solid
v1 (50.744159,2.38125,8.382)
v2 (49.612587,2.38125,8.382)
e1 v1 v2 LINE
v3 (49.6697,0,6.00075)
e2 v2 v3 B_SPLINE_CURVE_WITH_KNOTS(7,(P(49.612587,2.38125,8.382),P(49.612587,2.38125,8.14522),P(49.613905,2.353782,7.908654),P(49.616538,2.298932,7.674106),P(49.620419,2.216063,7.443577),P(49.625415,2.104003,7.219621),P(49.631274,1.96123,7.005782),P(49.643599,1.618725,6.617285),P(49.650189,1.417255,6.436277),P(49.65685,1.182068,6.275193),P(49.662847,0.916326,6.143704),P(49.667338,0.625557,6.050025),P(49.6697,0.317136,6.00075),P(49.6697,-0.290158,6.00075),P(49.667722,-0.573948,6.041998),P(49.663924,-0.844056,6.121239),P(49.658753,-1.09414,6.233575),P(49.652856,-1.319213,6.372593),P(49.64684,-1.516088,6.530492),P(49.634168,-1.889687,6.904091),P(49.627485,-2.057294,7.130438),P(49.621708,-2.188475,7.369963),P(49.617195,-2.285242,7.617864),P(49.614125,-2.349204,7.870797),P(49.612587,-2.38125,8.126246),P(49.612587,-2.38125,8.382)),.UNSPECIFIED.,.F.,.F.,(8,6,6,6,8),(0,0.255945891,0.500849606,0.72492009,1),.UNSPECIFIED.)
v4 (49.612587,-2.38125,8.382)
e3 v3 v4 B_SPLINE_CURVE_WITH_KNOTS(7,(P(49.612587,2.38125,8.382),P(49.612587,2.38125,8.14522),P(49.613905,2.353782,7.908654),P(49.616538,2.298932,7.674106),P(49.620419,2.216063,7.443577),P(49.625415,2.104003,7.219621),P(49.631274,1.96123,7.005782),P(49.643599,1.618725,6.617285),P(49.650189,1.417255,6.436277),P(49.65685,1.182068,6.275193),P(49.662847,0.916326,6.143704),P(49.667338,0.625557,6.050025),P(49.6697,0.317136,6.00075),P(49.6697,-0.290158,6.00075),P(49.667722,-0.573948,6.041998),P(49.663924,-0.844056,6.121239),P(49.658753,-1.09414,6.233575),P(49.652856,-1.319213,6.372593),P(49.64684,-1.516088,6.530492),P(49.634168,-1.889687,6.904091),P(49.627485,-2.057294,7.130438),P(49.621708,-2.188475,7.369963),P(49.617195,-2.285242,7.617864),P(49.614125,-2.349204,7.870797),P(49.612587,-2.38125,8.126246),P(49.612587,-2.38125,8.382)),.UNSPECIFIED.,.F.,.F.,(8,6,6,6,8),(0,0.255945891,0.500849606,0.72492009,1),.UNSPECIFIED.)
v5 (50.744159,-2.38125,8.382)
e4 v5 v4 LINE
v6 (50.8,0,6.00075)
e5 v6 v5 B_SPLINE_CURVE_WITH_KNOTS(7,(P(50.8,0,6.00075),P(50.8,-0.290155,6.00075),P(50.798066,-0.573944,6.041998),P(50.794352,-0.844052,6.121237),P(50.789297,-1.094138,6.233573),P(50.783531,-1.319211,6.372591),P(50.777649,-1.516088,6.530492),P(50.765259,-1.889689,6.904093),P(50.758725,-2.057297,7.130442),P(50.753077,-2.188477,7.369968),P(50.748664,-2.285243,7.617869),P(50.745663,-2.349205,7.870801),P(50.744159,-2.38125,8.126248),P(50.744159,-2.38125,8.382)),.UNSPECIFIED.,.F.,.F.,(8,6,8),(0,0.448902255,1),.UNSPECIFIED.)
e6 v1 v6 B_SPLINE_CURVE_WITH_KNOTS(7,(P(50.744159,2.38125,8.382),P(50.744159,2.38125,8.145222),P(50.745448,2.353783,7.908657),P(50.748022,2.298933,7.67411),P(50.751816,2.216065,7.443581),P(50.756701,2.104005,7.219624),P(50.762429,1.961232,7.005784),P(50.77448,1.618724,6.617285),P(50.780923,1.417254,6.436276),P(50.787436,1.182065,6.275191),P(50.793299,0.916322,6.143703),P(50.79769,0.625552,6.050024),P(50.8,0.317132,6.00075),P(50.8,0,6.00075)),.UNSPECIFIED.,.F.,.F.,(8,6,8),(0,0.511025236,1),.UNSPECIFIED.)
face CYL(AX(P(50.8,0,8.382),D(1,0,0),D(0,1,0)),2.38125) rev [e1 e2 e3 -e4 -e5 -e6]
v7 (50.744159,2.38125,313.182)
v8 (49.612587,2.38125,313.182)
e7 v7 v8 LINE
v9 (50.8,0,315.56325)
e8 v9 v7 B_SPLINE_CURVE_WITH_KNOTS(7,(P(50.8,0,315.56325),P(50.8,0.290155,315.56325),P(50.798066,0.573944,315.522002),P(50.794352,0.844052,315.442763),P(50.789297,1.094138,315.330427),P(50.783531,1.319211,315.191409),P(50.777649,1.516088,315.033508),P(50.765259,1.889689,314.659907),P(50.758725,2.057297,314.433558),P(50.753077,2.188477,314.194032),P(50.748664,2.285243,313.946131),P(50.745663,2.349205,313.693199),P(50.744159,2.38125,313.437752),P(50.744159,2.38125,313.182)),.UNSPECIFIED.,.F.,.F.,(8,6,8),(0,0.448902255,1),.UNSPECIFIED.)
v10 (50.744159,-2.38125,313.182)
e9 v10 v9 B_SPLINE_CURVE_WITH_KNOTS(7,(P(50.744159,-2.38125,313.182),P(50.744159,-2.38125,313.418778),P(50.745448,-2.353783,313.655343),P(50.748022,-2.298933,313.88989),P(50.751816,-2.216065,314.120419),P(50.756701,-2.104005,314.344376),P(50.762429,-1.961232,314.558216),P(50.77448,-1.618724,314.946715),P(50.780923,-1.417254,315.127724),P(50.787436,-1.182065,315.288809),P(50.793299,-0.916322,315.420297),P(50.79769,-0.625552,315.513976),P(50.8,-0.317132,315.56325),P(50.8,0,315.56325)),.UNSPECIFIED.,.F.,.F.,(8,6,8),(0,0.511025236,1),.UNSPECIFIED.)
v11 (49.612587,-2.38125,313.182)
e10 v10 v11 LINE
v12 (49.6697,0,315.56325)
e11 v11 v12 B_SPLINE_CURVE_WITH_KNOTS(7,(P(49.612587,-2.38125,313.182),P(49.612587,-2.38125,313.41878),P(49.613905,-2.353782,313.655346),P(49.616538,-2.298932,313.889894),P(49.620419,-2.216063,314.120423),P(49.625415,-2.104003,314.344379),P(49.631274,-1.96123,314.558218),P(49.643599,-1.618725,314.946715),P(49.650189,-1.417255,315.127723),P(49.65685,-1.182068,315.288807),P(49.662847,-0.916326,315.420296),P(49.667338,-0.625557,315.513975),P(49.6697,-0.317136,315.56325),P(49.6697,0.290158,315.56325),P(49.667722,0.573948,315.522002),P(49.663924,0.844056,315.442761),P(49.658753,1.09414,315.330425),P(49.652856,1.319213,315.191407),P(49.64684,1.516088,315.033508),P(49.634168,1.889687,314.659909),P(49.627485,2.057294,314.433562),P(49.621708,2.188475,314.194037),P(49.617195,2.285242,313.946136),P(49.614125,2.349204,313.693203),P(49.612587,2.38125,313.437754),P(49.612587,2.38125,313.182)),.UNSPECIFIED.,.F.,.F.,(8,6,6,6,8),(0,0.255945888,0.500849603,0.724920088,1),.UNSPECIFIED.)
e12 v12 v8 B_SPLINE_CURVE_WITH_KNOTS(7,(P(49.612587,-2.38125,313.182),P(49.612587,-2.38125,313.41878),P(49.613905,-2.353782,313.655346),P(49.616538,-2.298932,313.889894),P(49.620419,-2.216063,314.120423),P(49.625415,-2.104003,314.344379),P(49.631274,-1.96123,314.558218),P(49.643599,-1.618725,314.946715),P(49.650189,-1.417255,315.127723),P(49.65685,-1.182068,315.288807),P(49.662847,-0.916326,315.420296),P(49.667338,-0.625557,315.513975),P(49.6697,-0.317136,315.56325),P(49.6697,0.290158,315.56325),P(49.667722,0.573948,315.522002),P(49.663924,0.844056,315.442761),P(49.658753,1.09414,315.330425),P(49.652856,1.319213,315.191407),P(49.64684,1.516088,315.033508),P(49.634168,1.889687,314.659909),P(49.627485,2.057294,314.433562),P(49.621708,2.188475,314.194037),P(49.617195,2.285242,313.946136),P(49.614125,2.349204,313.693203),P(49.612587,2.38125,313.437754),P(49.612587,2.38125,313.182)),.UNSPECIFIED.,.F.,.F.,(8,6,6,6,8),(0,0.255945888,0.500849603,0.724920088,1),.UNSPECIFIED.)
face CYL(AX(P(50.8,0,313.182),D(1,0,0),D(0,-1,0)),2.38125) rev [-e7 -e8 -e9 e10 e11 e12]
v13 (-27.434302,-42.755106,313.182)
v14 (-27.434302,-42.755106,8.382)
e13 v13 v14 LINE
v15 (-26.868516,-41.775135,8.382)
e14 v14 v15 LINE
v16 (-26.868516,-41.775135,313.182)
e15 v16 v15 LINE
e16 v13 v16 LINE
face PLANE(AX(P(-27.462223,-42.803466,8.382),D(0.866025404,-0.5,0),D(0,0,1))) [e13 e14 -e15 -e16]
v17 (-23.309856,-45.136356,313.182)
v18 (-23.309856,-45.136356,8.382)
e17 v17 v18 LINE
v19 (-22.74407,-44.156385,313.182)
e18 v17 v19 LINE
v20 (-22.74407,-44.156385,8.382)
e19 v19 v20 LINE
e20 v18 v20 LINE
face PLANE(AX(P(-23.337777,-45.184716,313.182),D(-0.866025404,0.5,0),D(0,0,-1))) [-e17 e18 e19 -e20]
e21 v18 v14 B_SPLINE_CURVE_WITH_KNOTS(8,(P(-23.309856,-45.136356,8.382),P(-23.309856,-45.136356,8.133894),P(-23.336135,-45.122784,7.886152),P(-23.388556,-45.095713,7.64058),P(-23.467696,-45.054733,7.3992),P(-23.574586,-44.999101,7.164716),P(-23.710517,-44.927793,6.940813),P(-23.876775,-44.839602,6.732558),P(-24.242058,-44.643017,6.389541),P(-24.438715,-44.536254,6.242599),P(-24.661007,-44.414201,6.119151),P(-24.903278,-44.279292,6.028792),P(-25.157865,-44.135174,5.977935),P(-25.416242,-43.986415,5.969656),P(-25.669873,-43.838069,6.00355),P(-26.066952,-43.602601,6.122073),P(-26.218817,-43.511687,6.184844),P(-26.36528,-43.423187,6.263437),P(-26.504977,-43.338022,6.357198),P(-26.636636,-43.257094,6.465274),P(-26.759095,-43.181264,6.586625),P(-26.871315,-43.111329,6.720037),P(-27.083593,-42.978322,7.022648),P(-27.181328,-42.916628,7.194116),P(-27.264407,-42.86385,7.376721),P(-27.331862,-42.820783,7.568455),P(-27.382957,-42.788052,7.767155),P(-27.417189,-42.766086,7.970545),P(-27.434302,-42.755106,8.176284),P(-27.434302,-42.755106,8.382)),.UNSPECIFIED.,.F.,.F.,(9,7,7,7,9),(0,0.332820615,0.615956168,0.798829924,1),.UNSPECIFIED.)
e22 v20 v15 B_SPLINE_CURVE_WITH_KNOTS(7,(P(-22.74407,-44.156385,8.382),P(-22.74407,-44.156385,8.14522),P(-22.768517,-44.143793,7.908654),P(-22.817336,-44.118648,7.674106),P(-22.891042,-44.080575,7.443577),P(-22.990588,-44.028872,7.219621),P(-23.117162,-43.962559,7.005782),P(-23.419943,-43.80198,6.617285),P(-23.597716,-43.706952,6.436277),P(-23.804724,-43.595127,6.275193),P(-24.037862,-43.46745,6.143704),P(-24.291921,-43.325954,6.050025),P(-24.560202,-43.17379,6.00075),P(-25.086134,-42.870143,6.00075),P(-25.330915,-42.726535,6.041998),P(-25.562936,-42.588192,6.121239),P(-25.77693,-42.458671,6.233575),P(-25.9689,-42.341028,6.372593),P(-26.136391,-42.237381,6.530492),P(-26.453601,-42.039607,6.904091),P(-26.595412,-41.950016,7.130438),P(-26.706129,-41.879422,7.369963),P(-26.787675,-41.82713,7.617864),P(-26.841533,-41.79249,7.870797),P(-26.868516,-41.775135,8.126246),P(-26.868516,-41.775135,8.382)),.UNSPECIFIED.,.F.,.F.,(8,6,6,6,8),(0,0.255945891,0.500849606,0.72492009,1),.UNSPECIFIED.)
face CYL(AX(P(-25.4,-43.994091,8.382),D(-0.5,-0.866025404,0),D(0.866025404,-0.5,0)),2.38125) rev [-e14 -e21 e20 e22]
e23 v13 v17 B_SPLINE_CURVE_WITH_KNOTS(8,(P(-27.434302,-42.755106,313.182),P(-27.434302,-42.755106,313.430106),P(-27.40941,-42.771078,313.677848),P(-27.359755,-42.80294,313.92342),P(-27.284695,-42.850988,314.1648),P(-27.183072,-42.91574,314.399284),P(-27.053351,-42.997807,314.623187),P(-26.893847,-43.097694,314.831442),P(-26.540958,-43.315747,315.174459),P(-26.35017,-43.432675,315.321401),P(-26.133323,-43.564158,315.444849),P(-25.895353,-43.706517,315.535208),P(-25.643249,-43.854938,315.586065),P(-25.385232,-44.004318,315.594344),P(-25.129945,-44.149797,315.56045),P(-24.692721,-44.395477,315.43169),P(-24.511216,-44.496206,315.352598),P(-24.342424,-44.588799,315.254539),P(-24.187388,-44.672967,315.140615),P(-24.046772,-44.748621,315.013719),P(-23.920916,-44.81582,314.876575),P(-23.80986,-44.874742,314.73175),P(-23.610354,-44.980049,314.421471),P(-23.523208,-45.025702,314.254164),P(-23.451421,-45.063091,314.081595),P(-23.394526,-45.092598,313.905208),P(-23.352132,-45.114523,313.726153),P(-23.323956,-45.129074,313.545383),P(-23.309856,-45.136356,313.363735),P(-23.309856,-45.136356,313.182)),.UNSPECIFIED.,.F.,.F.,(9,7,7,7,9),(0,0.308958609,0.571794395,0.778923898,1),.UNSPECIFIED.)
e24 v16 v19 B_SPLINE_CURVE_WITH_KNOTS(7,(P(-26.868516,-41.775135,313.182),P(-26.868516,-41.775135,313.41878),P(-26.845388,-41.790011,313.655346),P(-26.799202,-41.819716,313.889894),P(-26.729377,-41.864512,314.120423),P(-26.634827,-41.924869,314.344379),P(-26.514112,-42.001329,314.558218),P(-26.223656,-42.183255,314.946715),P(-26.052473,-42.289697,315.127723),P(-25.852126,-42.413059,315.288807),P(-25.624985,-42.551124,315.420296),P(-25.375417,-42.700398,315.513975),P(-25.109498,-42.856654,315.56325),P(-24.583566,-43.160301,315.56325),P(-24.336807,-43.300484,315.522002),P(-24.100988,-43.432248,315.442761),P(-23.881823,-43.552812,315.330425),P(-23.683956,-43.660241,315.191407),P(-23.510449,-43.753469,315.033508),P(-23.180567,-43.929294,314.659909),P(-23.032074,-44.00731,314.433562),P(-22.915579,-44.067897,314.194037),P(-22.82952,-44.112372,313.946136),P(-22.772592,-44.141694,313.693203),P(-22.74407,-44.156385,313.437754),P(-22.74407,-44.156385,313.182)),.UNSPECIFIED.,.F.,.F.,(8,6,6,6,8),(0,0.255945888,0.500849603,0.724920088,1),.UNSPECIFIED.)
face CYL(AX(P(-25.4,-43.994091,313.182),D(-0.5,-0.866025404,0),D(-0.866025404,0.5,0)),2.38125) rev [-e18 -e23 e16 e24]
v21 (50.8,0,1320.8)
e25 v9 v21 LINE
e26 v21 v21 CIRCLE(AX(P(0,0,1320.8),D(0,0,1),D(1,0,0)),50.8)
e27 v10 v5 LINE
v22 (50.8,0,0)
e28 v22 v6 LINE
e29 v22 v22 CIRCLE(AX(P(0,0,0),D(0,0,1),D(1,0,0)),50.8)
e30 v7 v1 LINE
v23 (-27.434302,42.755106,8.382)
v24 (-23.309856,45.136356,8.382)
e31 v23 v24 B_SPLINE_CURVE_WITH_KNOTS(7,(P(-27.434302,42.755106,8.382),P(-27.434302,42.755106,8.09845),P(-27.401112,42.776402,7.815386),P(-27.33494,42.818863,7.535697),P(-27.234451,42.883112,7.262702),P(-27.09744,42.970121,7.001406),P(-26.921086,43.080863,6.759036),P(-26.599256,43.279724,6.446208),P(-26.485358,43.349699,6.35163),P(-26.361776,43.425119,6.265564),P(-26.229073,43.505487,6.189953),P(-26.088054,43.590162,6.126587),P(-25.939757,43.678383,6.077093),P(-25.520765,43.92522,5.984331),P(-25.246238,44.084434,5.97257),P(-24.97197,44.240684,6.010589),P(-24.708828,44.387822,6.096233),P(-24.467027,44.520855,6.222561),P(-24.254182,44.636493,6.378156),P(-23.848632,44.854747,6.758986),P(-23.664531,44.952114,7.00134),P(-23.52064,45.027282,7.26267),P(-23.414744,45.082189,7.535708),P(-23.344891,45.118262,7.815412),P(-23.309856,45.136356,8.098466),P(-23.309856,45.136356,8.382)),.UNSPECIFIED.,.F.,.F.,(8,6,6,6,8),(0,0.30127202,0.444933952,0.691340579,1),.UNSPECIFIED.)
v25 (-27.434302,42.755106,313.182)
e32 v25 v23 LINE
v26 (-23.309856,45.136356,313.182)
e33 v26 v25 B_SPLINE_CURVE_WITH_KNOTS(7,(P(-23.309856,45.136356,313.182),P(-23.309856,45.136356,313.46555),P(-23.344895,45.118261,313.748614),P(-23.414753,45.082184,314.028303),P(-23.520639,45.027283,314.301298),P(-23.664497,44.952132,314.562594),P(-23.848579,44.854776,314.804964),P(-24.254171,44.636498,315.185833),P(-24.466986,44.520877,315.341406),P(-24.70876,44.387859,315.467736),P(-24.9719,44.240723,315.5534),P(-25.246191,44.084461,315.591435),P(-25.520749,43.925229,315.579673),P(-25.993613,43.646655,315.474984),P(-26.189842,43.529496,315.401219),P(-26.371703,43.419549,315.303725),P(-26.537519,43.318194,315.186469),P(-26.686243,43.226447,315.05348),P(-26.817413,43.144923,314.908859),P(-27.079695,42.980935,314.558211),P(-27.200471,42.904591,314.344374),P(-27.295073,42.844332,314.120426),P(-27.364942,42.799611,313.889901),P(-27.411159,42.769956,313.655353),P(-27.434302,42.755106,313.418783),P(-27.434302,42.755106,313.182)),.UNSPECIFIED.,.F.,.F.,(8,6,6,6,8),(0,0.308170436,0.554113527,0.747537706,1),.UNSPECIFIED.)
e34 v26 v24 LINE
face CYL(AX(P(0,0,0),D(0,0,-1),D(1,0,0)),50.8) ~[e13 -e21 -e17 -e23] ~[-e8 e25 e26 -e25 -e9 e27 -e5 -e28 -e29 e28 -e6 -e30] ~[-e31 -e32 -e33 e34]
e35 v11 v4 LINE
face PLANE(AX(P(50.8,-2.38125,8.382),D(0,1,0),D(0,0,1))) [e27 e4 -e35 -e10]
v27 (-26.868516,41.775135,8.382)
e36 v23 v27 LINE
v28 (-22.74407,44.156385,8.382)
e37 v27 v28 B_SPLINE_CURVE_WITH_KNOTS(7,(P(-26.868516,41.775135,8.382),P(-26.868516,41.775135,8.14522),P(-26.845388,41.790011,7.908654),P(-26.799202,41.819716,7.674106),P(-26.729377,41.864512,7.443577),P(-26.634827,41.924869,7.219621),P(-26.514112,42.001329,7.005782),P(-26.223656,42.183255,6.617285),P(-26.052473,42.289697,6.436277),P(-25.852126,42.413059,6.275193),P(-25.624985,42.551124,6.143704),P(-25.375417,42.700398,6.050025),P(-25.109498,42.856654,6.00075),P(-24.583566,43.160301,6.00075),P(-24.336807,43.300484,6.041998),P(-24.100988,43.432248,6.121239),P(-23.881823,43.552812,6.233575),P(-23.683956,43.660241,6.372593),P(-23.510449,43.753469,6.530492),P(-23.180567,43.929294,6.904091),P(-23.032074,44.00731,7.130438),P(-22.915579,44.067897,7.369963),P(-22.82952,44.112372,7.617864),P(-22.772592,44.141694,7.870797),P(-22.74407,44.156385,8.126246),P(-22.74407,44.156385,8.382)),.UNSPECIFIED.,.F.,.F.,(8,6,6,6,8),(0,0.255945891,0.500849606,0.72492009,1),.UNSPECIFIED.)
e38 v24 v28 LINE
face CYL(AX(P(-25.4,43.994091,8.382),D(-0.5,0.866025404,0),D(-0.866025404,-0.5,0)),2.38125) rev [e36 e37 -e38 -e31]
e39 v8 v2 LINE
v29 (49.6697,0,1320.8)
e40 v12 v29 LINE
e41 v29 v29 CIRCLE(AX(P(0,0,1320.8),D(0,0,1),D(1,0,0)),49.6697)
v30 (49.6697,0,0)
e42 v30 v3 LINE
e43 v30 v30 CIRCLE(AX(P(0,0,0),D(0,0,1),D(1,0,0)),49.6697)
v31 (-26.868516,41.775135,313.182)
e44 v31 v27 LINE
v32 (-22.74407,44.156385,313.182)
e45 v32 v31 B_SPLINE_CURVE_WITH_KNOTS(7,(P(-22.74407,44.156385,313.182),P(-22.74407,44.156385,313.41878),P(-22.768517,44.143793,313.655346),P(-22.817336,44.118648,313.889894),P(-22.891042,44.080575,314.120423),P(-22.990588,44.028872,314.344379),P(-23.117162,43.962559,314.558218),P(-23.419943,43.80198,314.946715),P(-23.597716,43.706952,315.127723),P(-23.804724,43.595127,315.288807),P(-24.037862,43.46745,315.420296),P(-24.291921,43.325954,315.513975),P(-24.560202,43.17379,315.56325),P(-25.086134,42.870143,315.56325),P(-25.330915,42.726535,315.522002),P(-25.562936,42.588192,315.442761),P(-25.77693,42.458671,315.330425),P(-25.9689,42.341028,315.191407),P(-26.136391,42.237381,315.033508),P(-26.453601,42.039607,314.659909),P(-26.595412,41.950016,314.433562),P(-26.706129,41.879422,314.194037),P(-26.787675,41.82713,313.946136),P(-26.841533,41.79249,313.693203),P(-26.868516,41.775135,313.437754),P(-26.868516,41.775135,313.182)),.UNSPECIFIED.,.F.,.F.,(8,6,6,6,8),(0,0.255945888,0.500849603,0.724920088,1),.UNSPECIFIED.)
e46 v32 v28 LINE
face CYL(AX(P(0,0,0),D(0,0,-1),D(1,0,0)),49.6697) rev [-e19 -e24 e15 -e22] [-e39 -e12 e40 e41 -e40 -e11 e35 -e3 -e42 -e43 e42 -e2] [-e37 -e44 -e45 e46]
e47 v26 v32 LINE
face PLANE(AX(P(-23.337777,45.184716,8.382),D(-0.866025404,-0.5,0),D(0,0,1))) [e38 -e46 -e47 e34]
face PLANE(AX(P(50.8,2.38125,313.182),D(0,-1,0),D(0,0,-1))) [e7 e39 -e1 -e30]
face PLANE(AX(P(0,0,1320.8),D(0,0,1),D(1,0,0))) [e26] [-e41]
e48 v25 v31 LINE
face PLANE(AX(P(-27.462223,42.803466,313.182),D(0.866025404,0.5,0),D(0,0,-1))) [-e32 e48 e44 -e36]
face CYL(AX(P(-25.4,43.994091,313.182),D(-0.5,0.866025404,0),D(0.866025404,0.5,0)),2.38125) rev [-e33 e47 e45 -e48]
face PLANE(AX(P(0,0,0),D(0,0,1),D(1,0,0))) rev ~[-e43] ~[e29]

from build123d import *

# Parameters (mm, degrees)
SKETCH1_R               = 50.8
SKETCH1_R_2             = 49.6697
BOSS_EXTRUDE1_DEPTH     = 1320.8
CUT_EXTRUDE1_REACH      = 1327.676
CUT_EXTRUDE1_END_RADIUS = 49.6697
CIRPATTERN1_COUNT       = 3


with BuildPart() as part:
    # Sketch1 → Boss-Extrude1 (new body)
    with BuildSketch(Plane.XY):
        Circle(SKETCH1_R)
        Circle(SKETCH1_R_2, mode=Mode.SUBTRACT)
    extrude(amount=BOSS_EXTRUDE1_DEPTH)

    # Cut-Extrude1: up to this cylinder (the profile starts outside it)
    cut_extrude1_end = Plane(origin=(0, 0, 160.782), z_dir=(0, 0, -1)) * Cylinder(CUT_EXTRUDE1_END_RADIUS, 2755.6914, mode=Mode.PRIVATE)
    # Sketch2 → Cut-Extrude1 (cut, up to the surface)
    with BuildSketch(Plane(origin=(50.8, 0, 0), x_dir=(0, 0, -1), z_dir=(1, 0, 0)), mode=Mode.PRIVATE) as cut_extrude1_sk1:
        with BuildLine():
            Line((-8.382, -2.38125), (-313.182, -2.38125))
            ThreePointArc((-313.182, -2.38125), (-315.56325, 0), (-313.182, 2.38125))
            Line((-313.182, 2.38125), (-8.382, 2.38125))
            ThreePointArc((-8.382, 2.38125), (-6.00075, 0), (-8.382, -2.38125))
        make_face()
    cut_extrude1_tool1 = extrude(cut_extrude1_sk1.sketch, amount=-CUT_EXTRUDE1_REACH, mode=Mode.PRIVATE) - cut_extrude1_end
    cut_extrude1 = cut_extrude1_tool1.solids().sort_by_distance((50.8, 0, 160.782))[0]
    add(cut_extrude1, mode=Mode.SUBTRACT)

    # CirPattern1: Cut-Extrude1 ×3 about axis
    cirpattern1_axis = Axis((0, 0, 0), (0, 0, 1))
    for i in range(1, CIRPATTERN1_COUNT):
        add(cut_extrude1.rotate(cirpattern1_axis, i * 360 / CIRPATTERN1_COUNT), mode=Mode.SUBTRACT)


solid = part.part
